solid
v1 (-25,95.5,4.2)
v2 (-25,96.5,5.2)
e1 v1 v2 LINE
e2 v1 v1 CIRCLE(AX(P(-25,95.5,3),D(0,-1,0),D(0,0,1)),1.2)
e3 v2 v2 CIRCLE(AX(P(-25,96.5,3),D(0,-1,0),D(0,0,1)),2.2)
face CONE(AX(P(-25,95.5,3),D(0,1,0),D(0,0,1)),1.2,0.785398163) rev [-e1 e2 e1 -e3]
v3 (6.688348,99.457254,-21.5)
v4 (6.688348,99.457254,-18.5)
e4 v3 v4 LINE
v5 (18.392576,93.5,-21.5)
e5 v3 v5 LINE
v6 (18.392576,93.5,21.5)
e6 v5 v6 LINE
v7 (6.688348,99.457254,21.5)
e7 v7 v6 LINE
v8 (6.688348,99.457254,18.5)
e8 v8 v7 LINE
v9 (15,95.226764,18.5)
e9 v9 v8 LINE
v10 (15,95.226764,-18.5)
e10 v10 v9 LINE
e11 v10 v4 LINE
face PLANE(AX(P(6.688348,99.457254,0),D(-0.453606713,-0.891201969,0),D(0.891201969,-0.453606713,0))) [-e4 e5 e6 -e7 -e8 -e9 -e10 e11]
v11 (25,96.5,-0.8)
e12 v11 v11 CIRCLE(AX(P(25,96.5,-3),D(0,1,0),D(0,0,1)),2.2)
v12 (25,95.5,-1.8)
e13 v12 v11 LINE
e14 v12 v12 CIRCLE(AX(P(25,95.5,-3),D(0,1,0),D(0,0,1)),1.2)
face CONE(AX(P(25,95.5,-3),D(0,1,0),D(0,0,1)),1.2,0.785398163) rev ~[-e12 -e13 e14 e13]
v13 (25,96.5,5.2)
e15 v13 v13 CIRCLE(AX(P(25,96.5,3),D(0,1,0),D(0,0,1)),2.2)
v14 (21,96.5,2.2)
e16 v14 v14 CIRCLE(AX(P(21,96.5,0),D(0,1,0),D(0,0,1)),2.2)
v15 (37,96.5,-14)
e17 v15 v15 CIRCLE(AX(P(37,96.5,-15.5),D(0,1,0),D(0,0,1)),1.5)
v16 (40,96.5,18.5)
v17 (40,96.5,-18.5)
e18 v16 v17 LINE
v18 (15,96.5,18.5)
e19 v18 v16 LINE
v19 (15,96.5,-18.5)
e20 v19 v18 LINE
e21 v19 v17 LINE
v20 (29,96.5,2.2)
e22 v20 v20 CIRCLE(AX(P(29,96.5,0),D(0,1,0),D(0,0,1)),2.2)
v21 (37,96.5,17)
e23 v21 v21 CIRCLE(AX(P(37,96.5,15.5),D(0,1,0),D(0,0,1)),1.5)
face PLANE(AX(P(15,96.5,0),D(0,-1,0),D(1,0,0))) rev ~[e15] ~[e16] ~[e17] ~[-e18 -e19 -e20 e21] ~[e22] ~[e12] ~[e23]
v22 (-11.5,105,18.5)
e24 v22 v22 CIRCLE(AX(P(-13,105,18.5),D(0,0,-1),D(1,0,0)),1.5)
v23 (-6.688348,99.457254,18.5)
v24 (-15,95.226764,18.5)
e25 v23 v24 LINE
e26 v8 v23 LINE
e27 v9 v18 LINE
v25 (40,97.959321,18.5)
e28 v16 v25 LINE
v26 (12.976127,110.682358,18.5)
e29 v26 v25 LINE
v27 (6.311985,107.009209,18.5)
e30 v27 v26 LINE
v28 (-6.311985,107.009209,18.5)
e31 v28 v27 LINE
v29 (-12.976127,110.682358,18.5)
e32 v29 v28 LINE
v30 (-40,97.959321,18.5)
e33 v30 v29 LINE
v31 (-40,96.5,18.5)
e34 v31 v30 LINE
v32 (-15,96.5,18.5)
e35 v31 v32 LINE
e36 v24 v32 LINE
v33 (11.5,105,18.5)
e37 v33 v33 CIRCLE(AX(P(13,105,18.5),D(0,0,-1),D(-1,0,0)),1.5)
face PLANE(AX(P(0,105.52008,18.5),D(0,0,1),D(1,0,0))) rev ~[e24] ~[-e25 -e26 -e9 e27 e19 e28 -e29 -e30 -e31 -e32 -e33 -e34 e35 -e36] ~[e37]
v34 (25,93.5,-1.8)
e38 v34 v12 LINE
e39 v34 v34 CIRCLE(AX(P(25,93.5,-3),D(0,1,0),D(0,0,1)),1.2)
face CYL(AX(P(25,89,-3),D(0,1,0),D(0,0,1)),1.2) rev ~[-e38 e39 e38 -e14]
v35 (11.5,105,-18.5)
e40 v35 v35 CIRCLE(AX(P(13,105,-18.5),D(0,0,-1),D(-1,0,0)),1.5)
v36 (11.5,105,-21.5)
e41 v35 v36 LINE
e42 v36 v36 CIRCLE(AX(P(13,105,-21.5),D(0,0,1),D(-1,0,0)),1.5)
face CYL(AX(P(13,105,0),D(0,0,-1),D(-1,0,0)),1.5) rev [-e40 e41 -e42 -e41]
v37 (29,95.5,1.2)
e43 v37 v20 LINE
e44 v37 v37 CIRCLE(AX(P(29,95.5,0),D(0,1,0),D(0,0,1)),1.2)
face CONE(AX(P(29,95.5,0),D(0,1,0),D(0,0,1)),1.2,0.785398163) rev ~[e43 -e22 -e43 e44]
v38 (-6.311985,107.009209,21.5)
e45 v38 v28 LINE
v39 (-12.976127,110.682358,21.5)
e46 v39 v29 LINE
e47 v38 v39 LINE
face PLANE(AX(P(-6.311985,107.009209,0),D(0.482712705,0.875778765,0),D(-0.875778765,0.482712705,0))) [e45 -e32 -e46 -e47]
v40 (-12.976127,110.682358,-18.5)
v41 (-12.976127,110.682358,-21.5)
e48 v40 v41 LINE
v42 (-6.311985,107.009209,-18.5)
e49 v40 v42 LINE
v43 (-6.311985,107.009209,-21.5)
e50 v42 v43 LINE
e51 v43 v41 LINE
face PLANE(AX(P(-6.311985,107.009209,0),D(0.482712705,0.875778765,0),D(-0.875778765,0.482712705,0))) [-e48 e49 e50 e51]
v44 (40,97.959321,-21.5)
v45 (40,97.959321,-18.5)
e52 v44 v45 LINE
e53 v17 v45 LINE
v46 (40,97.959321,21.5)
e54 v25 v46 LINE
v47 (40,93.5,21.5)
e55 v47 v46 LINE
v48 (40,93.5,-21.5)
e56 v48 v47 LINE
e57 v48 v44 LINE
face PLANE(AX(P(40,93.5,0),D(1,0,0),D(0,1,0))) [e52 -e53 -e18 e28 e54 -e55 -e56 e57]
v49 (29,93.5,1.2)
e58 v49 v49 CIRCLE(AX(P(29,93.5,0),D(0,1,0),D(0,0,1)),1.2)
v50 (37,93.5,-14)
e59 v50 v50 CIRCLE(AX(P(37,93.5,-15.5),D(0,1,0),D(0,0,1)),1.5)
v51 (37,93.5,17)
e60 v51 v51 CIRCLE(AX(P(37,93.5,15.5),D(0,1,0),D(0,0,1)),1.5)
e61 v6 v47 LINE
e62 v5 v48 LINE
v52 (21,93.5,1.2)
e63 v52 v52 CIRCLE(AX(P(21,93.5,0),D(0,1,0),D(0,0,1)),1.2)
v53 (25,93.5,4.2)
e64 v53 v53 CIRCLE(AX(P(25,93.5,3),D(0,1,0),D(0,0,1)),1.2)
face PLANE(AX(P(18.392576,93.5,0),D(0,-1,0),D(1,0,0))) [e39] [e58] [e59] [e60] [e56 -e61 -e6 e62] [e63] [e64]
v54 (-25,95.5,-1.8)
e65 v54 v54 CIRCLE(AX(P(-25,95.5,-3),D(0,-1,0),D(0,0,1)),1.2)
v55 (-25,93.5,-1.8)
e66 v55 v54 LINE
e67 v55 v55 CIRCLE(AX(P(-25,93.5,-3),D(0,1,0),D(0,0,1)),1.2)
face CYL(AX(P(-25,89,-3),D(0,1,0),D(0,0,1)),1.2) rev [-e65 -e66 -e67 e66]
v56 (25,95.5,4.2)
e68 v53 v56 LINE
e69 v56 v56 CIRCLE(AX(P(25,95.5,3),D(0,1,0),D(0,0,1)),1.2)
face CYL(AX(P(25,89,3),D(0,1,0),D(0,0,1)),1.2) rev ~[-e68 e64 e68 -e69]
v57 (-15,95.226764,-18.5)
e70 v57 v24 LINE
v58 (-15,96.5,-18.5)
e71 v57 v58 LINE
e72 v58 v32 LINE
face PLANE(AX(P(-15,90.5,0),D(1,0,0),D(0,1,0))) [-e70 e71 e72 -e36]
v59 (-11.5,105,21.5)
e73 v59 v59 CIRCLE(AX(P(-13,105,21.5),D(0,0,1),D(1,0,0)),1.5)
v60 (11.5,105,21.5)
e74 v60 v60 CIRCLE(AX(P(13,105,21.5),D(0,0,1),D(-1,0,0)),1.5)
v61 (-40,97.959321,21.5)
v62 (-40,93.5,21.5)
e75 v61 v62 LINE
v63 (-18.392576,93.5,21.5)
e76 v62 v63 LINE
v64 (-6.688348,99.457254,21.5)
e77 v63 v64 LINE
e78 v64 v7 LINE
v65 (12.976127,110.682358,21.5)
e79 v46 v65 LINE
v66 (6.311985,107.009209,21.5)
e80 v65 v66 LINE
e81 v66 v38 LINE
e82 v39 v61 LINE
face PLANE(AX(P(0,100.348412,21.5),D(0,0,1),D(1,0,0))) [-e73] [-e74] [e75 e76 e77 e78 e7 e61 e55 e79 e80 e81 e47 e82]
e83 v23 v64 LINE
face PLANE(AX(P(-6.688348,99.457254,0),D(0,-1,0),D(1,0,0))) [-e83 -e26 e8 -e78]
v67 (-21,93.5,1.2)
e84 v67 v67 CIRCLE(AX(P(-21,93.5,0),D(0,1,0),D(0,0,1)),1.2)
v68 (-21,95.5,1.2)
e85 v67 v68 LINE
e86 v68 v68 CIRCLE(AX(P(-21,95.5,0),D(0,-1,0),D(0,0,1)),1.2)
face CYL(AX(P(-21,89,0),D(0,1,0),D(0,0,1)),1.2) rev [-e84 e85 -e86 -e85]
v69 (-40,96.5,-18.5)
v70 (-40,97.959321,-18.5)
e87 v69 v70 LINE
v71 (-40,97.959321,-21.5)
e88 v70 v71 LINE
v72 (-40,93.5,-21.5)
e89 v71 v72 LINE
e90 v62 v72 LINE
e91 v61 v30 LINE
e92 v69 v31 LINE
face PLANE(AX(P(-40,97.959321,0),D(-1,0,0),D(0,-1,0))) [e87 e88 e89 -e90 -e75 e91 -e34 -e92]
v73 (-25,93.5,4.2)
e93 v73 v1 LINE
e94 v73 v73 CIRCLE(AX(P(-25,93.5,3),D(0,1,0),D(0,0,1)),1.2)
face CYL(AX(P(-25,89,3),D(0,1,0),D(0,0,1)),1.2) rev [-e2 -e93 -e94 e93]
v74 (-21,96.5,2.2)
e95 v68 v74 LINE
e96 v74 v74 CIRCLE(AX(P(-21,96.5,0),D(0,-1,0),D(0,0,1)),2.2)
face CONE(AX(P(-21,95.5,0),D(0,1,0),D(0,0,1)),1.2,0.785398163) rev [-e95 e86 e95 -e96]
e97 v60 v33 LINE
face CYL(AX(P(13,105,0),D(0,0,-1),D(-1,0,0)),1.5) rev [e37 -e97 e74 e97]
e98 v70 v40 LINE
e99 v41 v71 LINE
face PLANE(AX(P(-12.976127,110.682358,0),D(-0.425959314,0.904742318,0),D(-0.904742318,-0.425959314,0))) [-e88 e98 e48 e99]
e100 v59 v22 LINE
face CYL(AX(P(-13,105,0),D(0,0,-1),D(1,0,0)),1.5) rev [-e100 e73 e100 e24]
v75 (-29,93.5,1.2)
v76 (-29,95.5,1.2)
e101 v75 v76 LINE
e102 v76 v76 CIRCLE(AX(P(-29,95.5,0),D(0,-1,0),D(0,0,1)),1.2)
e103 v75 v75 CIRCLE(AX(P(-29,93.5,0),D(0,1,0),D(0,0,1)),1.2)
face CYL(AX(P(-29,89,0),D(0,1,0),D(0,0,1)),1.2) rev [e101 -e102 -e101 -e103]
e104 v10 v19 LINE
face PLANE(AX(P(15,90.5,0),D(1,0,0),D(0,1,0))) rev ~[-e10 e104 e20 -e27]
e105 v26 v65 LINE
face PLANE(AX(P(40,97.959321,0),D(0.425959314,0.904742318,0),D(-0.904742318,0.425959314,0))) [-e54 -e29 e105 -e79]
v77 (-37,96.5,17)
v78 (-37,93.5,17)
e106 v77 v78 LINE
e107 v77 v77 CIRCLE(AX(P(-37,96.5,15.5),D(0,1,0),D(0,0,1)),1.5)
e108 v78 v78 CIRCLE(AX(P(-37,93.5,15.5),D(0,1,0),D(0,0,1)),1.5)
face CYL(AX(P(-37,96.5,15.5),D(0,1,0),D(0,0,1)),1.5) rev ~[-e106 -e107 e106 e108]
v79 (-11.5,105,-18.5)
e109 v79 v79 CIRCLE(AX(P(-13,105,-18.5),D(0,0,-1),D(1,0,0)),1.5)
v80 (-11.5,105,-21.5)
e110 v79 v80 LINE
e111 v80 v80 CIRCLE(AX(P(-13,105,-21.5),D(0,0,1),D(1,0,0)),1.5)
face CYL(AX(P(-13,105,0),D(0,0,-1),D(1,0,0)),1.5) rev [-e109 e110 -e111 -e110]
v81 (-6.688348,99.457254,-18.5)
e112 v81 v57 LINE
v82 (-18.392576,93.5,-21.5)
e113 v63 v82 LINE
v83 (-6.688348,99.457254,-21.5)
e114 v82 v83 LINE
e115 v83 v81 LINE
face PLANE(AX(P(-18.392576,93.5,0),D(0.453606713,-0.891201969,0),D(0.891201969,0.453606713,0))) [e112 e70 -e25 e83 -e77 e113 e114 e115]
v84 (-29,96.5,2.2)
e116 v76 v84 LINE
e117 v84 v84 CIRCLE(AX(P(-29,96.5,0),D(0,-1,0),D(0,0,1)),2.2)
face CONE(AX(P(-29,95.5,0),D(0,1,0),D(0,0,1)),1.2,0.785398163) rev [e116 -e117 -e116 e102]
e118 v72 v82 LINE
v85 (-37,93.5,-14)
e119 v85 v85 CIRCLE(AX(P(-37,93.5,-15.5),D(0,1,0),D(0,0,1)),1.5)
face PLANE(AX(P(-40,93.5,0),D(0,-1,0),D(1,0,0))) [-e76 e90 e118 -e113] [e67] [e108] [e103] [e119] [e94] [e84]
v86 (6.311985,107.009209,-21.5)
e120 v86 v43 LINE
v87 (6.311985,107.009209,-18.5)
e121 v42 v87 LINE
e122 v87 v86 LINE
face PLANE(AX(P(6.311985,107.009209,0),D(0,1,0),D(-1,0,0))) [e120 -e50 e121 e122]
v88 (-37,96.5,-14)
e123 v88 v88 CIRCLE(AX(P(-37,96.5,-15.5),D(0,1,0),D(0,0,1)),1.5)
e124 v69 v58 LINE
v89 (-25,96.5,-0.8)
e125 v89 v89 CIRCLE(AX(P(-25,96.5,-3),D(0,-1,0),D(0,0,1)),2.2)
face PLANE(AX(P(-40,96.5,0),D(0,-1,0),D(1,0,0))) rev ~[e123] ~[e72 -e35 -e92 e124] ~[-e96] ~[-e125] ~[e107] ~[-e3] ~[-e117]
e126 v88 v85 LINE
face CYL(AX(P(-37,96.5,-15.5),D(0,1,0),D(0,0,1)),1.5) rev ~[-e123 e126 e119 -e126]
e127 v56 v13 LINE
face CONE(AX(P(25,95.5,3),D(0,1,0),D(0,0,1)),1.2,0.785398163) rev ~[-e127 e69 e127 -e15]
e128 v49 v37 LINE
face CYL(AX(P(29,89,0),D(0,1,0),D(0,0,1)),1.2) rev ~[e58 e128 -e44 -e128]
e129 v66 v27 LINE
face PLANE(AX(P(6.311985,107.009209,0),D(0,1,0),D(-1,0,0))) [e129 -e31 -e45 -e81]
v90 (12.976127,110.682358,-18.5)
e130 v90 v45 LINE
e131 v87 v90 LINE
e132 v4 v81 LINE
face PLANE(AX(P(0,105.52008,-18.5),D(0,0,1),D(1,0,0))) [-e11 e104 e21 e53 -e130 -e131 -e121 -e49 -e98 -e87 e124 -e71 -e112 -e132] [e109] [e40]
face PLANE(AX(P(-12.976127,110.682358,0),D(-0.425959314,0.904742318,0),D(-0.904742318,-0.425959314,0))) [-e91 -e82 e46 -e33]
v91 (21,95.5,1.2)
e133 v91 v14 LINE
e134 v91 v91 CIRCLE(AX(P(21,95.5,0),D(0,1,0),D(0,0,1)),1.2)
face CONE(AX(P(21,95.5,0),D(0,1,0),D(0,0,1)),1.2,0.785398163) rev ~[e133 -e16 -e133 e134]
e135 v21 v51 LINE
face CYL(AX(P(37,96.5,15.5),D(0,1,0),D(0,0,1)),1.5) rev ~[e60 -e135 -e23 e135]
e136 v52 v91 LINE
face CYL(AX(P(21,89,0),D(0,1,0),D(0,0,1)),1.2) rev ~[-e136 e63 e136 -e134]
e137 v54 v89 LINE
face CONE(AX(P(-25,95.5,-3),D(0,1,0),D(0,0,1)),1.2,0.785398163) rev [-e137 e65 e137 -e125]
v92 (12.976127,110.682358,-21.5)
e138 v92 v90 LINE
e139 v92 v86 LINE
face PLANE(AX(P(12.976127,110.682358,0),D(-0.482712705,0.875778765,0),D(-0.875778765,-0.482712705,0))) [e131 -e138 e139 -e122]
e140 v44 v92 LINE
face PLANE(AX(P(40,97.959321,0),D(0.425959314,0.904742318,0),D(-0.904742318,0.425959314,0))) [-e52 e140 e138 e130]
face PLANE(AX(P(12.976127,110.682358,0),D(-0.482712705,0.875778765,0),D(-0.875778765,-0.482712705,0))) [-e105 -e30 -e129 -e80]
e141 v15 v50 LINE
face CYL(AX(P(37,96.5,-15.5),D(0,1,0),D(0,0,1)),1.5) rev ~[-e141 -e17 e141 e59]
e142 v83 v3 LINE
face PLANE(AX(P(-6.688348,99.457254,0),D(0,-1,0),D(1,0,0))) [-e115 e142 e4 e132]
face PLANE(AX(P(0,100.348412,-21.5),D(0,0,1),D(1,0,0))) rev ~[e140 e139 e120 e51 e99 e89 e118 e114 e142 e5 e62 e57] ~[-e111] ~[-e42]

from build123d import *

# Parameters (mm, degrees)
SKETCH6_R                                    = 1.5
BOSS_EXTRUDE4_DEPTH                          = 21.5
SKETCH7_W                                    = 80
SKETCH7_H                                    = 18.040160632
SKETCH7_W_2                                  = 30
SKETCH7_H_2                                  = 6
CUT_EXTRUDE3_DEPTH                           = 18.5
CSK_FOR_M2_COUNTERSUNK_FLAT_HEAD_SCR_2_COUNT = 2
CSK_FOR_M2_COUNTERSUNK_FLAT_HEAD_SCR_2_PITCH = 5
CSK_FOR_M2_COUNTERSUNK_FLAT_HEAD_SCR_3_COUNT = 2
CSK_FOR_M2_COUNTERSUNK_FLAT_HEAD_SCR_3_PITCH = 6
CSK_FOR_M2_COUNTERSUNK_FLAT_HEAD_SCR_4_COUNT = 2
CSK_FOR_M2_COUNTERSUNK_FLAT_HEAD_SCR_4_PITCH = 5
SKETCH90_R                                   = 1.5
CUT_EXTRUDE4_DEPTH                           = 48.575091013


with BuildPart() as part:
    # Sketch6 → Boss-Extrude4 (new, symmetric)
    with BuildSketch(Plane.XY):
        Polygon((-31, 93.5), (-19, 93.5), (-18.392575962, 93.5), (-6.688348482, 99.45725361), (6.688348482, 99.45725361), (18.392575962, 93.5), (19, 93.5), (31, 93.5), (40, 93.5), (40, 97.959320893), (12.976127248, 110.682358229), (6.31198523, 107.009209086), (-6.31198523, 107.009209086), (-12.976127248, 110.682358229), (-40, 97.959320893), (-40, 93.5), align=None)
        with Locations((-13, 105)):
            Circle(SKETCH6_R, mode=Mode.SUBTRACT)
        with Locations(Location((13, 105, 0), (0, 0, 180))):
            Circle(SKETCH6_R, mode=Mode.SUBTRACT)
    extrude(amount=BOSS_EXTRUDE4_DEPTH, both=True)

    # Sketch7 → Cut-Extrude3 (cut, symmetric)
    with BuildSketch(Plane.XY):
        with Locations((0, 105.520080316)):
            Rectangle(SKETCH7_W, SKETCH7_H)
        with Locations((0, 93.5)):
            Rectangle(SKETCH7_W_2, SKETCH7_H_2)
    extrude(amount=CUT_EXTRUDE3_DEPTH, both=True, mode=Mode.SUBTRACT)

    # Sketch89 → CSK for M2 Countersunk Flat Head Screw1 (revolve, cut)
    with BuildSketch(Plane(origin=(-25, 96.5, -3), x_dir=(0, 0, 1), z_dir=(1, 0, 0))):
        Polygon((0, 0), (0, 8.221032743), (1.2, 7.5), (1.2, 1), (2.2, 0), align=None)
    csk_for_m2_countersunk_flat_head_screw1 = revolve(axis=Axis((-25, 102.85, -3), (0, -1, 0)), mode=Mode.SUBTRACT)

    # CSK for M2 Countersunk Flat Head Scr 2: CSK for M2 Countersunk Flat Head Screw1 ×2
    with Locations(*[Vector(0.7999999999999998, 0, 0.6000000000000002) * (i * CSK_FOR_M2_COUNTERSUNK_FLAT_HEAD_SCR_2_PITCH) for i in range(1, CSK_FOR_M2_COUNTERSUNK_FLAT_HEAD_SCR_2_COUNT)]):
        add(csk_for_m2_countersunk_flat_head_screw1, mode=Mode.SUBTRACT)

    # CSK for M2 Countersunk Flat Head Scr 3: CSK for M2 Countersunk Flat Head Screw1 ×2
    with Locations(*[(0, 0, i * CSK_FOR_M2_COUNTERSUNK_FLAT_HEAD_SCR_3_PITCH) for i in range(1, CSK_FOR_M2_COUNTERSUNK_FLAT_HEAD_SCR_3_COUNT)]):
        add(csk_for_m2_countersunk_flat_head_screw1, mode=Mode.SUBTRACT)

    # CSK for M2 Countersunk Flat Head Scr 4: CSK for M2 Countersunk Flat Head Screw1 ×2
    with Locations(*[Vector(-0.8000000000000003, 0, 0.5999999999999996) * (i * CSK_FOR_M2_COUNTERSUNK_FLAT_HEAD_SCR_4_PITCH) for i in range(1, CSK_FOR_M2_COUNTERSUNK_FLAT_HEAD_SCR_4_COUNT)]):
        add(csk_for_m2_countersunk_flat_head_screw1, mode=Mode.SUBTRACT)

    # Mirror1: CSK for M2 Countersunk Flat Head Screw1 across plane
    add(csk_for_m2_countersunk_flat_head_screw1.mirror(Plane(origin=(0, 0, 0), x_dir=(0, 0, 1), z_dir=(1, 0, 0))), mode=Mode.SUBTRACT)

    # Mirror1 copy 1 sketch → Mirror1 copy 1 (revolve, cut)
    with BuildSketch(Plane(origin=(21, 96.5, 0), x_dir=(0, 0, 1), z_dir=(-1, 0, 0))):
        Polygon((0, 0), (0, -8.221032743), (1.2, -7.5), (1.2, -1), (2.2, 0), align=None)
    revolve(axis=Axis((21, 102.85, 0), (0, 1, 0)), mode=Mode.SUBTRACT)

    # Mirror1 copy 2 sketch → Mirror1 copy 2 (revolve, cut)
    with BuildSketch(Plane(origin=(25, 96.5, 3), x_dir=(0, 0, 1), z_dir=(-1, 0, 0))):
        Polygon((0, 0), (0, -8.221032743), (1.2, -7.5), (1.2, -1), (2.2, 0), align=None)
    revolve(axis=Axis((25, 102.85, 3), (0, 1, 0)), mode=Mode.SUBTRACT)

    # Mirror1 copy 3 sketch → Mirror1 copy 3 (revolve, cut)
    with BuildSketch(Plane(origin=(29, 96.5, 0), x_dir=(0, 0, 1), z_dir=(-1, 0, 0))):
        Polygon((0, 0), (0, -8.221032743), (1.2, -7.5), (1.2, -1), (2.2, 0), align=None)
    revolve(axis=Axis((29, 102.85, 0), (0, 1, 0)), mode=Mode.SUBTRACT)

    # Sketch90 → Cut-Extrude4 (cut, through all)
    with BuildSketch(Plane(origin=(0, 96.5, 0), x_dir=(1, 0, 0), z_dir=(0, 1, 0))):
        with Locations(Location((-37, 15.5, 0), (0, 0, 270))):
            Circle(SKETCH90_R)
        with Locations(Location((-37, -15.5, 0), (0, 0, 270))):
            Circle(SKETCH90_R)
        with Locations(Location((37, 15.5, 0), (0, 0, 270))):
            Circle(SKETCH90_R)
        with Locations(Location((37, -15.5, 0), (0, 0, 270))):
            Circle(SKETCH90_R)
    extrude(amount=-CUT_EXTRUDE4_DEPTH, mode=Mode.SUBTRACT)


solid = part.part
